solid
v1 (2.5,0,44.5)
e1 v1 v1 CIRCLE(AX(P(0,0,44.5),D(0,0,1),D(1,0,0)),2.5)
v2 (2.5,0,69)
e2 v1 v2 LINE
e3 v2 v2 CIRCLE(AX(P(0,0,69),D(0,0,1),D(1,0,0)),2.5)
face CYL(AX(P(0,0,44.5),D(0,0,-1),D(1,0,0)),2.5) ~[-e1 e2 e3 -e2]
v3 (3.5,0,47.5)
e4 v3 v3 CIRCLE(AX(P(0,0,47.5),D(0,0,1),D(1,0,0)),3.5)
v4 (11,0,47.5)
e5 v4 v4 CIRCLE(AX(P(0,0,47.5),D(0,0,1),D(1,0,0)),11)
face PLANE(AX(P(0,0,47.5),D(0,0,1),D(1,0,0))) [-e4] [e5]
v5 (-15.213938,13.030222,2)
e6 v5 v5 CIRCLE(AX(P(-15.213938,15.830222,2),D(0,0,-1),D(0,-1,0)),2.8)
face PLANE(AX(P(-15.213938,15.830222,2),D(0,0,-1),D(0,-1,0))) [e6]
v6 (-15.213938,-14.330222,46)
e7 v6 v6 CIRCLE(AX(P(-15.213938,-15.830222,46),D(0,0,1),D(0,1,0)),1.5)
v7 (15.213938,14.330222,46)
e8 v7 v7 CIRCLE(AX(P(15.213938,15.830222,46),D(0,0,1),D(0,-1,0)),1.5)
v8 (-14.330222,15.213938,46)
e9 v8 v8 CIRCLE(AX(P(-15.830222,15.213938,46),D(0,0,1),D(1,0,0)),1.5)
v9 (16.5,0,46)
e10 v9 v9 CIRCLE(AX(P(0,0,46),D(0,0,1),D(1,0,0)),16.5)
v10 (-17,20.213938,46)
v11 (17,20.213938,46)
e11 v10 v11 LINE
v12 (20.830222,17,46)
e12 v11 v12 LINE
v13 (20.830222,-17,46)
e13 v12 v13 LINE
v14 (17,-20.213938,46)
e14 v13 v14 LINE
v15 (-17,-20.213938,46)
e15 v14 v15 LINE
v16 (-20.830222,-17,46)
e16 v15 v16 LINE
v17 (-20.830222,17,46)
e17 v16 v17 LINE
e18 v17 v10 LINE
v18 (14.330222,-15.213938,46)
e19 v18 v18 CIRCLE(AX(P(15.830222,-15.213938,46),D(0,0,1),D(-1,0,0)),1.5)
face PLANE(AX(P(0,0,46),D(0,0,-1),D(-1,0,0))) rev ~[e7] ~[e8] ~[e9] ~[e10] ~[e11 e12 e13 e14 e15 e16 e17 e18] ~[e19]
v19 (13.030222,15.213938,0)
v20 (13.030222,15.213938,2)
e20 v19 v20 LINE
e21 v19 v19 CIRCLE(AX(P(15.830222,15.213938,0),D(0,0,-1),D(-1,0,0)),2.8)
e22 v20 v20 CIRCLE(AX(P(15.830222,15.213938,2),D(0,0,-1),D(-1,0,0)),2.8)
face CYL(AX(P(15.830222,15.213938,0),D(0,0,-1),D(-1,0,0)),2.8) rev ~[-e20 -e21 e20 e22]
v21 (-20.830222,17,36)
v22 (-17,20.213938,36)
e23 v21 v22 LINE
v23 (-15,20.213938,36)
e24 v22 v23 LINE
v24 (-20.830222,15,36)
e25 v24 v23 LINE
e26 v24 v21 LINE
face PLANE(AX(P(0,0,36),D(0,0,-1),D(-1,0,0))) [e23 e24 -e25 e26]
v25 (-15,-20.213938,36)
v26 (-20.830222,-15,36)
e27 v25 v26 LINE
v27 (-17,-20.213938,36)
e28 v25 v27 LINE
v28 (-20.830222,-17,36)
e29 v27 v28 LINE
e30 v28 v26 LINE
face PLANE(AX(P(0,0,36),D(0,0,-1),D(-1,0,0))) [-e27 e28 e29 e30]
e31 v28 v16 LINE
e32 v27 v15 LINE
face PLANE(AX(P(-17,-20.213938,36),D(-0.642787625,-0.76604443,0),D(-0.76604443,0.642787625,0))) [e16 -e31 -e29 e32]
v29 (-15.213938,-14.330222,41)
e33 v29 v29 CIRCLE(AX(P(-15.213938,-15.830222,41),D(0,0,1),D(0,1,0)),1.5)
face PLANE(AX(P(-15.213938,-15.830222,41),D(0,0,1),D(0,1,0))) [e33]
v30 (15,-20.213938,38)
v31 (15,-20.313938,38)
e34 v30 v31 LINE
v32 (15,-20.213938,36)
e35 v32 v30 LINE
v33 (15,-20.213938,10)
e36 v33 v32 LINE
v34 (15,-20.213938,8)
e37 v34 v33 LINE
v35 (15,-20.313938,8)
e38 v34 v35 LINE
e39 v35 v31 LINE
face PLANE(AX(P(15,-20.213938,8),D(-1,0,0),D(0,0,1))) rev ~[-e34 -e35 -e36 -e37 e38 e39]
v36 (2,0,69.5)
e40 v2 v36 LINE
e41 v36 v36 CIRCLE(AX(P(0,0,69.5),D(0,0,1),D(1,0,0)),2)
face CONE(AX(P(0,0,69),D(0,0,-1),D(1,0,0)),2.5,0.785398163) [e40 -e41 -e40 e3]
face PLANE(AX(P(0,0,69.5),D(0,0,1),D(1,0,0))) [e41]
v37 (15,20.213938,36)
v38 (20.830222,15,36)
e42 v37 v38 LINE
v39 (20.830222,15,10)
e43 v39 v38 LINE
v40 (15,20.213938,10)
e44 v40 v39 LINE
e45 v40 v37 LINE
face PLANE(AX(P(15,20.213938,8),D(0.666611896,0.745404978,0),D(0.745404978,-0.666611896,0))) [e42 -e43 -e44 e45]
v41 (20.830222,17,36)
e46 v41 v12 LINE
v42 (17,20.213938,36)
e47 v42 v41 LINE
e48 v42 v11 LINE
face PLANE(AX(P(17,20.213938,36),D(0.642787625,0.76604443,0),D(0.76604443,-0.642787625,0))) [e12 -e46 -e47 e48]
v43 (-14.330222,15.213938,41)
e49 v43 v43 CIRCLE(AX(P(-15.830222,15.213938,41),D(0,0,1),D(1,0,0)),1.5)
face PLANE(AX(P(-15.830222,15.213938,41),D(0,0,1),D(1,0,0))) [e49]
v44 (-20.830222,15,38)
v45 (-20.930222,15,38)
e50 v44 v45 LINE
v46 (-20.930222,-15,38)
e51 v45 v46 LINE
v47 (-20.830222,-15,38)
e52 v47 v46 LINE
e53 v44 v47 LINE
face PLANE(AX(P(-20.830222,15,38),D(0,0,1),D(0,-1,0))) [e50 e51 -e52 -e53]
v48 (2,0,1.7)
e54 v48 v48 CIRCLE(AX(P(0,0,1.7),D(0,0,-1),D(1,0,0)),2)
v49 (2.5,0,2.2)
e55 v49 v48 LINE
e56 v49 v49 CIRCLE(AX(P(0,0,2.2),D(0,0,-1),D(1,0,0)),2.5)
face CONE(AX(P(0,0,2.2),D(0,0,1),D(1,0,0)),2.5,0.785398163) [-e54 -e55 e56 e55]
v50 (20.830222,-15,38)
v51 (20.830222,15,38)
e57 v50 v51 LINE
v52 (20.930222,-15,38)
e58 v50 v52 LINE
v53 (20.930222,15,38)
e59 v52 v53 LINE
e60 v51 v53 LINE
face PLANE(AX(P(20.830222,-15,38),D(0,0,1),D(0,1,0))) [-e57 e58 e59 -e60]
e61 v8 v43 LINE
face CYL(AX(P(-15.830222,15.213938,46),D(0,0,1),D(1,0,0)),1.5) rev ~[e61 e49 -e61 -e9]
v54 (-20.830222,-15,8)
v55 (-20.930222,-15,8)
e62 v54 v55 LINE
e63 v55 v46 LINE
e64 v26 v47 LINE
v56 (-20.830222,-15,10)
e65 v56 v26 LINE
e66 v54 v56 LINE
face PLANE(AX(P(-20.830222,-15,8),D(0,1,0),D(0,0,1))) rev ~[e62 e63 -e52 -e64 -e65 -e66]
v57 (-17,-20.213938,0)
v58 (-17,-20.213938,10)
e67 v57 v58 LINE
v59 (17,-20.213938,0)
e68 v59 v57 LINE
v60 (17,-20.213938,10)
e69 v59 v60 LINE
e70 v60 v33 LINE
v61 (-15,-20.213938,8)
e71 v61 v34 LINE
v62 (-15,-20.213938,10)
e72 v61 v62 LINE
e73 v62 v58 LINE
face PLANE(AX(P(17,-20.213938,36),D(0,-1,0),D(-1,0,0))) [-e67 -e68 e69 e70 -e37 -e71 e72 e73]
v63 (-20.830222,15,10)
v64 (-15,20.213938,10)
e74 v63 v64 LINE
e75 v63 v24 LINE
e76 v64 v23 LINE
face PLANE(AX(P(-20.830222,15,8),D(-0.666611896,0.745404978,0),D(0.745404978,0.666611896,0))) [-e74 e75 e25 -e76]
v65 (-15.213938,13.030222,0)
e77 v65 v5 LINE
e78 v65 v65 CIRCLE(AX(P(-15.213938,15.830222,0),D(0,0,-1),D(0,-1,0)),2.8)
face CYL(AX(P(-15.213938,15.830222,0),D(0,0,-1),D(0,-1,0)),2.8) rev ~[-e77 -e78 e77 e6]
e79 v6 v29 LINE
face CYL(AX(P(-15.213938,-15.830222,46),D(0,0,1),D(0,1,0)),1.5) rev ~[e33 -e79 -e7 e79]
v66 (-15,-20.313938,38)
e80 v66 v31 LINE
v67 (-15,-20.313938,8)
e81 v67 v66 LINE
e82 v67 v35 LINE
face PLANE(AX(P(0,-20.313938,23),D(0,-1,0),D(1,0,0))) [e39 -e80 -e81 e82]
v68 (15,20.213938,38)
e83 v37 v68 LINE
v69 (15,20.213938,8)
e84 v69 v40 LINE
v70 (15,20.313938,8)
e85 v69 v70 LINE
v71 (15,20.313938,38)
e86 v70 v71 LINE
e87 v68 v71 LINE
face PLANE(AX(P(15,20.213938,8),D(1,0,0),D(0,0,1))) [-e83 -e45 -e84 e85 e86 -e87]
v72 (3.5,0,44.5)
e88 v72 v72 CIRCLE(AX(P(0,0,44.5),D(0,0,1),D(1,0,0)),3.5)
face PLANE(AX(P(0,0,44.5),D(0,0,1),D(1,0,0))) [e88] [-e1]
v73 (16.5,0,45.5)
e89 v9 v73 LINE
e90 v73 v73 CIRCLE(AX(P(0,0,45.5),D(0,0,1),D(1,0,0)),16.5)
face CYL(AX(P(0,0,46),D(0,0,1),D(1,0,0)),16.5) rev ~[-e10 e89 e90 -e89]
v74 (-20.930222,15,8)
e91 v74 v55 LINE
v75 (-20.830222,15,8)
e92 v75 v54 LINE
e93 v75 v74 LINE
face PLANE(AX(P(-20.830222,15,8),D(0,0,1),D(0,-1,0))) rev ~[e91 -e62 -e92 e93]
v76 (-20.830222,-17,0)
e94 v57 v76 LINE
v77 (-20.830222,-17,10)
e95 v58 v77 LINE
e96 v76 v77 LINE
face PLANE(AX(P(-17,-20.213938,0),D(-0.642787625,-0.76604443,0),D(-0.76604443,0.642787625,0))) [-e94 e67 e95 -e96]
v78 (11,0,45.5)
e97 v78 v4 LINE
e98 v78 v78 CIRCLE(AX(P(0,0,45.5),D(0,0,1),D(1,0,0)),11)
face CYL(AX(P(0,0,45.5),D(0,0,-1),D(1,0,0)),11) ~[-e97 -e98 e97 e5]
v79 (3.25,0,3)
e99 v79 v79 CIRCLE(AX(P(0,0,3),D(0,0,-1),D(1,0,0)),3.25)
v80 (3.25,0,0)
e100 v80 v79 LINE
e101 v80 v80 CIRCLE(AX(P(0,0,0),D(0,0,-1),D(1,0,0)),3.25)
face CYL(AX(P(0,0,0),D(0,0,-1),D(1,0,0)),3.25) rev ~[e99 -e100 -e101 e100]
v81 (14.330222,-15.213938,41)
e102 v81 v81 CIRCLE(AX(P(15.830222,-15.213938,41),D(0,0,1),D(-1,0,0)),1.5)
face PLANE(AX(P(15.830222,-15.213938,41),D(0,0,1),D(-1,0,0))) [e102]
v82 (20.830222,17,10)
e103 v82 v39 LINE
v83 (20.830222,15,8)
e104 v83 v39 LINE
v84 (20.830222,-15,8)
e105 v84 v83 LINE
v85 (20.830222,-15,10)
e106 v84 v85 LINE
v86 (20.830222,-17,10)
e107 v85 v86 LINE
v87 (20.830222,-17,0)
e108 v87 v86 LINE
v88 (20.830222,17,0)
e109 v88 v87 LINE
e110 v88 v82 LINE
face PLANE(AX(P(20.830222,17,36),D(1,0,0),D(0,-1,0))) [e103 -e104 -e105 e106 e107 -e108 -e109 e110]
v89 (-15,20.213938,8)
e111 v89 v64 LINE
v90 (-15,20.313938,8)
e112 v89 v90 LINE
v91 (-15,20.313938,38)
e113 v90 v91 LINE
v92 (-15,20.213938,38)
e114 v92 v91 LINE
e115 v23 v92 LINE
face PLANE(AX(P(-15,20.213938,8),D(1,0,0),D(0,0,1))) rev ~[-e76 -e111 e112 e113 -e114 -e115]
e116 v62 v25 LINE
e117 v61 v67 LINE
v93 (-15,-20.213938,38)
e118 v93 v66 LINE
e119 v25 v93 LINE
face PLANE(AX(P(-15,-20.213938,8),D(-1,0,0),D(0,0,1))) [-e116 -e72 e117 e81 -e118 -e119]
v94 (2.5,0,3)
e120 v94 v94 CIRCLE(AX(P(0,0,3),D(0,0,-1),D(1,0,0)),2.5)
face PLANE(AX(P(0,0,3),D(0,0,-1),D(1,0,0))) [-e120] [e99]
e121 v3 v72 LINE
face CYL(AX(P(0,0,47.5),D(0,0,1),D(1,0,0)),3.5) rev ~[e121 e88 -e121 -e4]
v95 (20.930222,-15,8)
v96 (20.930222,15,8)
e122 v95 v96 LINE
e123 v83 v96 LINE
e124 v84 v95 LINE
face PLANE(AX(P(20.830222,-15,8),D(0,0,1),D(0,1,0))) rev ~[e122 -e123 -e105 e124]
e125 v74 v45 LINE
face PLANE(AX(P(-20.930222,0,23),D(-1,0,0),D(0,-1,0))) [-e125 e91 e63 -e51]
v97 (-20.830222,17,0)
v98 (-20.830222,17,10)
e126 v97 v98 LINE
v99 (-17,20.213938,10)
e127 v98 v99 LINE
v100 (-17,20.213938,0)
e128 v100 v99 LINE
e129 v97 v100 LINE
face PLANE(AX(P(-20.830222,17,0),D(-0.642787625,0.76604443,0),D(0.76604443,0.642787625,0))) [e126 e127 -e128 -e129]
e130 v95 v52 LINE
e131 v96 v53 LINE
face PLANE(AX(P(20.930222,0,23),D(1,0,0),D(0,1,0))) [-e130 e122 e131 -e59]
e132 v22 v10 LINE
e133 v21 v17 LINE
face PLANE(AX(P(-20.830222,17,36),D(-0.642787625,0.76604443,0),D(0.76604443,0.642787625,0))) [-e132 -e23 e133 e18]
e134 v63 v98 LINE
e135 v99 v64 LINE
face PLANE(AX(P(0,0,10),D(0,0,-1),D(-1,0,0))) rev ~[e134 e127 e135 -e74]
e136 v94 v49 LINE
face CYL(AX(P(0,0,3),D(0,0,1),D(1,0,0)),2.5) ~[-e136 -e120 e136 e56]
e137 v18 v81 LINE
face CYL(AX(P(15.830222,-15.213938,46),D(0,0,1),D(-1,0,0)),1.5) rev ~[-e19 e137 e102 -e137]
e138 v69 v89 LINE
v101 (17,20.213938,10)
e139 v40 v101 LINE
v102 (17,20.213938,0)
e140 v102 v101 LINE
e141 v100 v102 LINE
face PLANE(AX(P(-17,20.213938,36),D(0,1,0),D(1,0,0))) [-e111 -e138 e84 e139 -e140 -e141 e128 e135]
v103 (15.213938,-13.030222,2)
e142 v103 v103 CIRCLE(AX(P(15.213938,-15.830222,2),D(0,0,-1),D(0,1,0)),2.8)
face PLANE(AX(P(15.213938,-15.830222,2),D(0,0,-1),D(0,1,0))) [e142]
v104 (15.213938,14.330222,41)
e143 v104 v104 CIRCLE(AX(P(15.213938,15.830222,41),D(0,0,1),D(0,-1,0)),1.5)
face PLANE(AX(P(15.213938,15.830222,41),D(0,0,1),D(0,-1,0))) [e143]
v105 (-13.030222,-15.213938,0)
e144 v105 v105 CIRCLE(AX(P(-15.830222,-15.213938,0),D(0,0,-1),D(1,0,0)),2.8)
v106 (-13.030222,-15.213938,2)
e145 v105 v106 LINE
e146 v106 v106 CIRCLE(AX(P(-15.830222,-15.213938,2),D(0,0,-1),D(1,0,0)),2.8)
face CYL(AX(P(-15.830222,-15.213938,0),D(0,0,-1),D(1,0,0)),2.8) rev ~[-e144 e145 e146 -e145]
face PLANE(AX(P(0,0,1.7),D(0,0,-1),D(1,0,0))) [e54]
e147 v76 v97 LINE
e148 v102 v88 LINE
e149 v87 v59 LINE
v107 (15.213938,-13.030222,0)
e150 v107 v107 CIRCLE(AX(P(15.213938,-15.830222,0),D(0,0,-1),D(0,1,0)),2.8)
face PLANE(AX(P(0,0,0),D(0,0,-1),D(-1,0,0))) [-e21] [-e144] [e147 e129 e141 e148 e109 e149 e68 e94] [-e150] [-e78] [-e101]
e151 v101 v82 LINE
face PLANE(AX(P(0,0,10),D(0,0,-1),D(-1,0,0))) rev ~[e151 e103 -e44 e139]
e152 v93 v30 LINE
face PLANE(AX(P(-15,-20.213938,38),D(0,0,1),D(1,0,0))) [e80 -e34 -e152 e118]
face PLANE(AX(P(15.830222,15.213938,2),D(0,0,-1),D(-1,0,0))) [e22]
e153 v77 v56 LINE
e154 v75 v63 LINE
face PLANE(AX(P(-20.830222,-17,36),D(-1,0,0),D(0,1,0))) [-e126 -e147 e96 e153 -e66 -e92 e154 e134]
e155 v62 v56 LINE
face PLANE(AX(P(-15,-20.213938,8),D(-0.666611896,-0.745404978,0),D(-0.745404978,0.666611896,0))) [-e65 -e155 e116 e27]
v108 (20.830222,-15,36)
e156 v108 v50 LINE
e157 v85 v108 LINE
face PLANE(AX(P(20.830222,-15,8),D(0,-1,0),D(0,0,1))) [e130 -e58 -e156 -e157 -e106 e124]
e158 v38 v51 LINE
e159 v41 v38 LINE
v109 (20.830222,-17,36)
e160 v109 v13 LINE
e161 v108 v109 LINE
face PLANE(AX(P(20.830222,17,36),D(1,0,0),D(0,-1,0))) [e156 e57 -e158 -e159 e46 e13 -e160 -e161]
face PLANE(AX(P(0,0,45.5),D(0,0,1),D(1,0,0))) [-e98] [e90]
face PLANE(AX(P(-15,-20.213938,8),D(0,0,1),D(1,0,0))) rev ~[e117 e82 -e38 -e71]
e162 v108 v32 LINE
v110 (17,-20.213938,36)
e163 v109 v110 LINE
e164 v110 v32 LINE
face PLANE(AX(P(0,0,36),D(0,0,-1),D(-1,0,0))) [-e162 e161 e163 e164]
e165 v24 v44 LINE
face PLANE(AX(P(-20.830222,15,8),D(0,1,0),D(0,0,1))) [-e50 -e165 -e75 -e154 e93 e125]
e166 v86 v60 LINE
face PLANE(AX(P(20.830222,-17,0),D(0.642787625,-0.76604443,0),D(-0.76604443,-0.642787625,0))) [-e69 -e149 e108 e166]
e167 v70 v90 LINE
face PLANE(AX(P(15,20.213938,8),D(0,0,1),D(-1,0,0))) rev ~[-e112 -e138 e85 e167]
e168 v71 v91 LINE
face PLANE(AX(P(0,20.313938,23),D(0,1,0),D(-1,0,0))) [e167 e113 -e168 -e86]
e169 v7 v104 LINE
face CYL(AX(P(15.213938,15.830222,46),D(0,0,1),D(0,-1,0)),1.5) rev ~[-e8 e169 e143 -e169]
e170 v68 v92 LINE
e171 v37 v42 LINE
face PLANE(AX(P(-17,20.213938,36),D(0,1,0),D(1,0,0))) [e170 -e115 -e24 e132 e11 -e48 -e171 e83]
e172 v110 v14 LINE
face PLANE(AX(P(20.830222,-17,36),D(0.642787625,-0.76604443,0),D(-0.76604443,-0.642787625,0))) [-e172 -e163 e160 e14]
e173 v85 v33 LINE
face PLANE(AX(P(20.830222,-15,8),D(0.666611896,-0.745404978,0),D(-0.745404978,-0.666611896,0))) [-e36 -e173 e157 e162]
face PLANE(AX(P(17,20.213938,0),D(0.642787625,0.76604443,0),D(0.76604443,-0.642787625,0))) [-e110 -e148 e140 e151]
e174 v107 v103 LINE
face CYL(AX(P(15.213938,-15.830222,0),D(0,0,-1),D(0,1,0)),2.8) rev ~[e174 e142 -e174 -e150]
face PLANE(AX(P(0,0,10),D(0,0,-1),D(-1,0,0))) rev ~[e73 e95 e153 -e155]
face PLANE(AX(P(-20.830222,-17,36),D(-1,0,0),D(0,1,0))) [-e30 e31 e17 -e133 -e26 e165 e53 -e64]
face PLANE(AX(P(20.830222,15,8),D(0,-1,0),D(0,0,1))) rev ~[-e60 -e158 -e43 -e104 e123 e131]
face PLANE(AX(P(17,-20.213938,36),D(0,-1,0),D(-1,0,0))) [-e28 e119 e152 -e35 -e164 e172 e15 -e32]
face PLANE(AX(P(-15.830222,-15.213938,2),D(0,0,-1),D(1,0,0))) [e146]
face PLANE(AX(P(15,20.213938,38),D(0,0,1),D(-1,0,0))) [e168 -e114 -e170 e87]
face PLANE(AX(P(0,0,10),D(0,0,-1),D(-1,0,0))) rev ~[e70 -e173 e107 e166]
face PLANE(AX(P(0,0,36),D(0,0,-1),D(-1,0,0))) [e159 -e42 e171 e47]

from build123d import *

# Parameters (mm, degrees)
PAD_DEPTH             = 10
POCKET_DEPTH          = 2
PAD001_DEPTH          = 28
PAD002_DEPTH          = 10
SKETCH004_R           = 16.5
POCKET001_DEPTH       = 0.5
SKETCH005_R           = 11
PAD003_DEPTH          = 2
SKETCH006_R           = 3.5
POCKET002_DEPTH       = 3
SKETCH007_R           = 1.5
POCKET003_DEPTH       = 5
POLARPATTERN_COUNT    = 4
SKETCH008_R           = 2.8
POCKET004_DEPTH       = 2
POLARPATTERN001_COUNT = 4
SKETCH009_R           = 3.25
POCKET005_DEPTH       = 3
SKETCH010_R           = 2.5
PAD004_DEPTH          = 1.3
CHAMFER_SIZE          = 0.5
SKETCH011_R           = 2.5
PAD005_DEPTH          = 25
CHAMFER001_SIZE       = 0.5
SKETCH012_W           = 30
SKETCH012_H           = 30
PAD006_DEPTH          = 0.1
POLARPATTERN002_COUNT = 2
SKETCH013_W           = 30
SKETCH013_H           = 30
PAD007_DEPTH          = 0.1
POLARPATTERN003_COUNT = 2


with BuildPart() as part:
    # Sketch → Pad (new body)
    with BuildSketch(Plane.XY):
        Polygon((-17, 20.213938), (17, 20.213938), (20.830222, 17), (20.830222, -17), (17, -20.213938), (-17, -20.213938), (-20.830222, -17), (-20.830222, 17), align=None)
    extrude(amount=PAD_DEPTH)

    # Sketch001 (on Face10 of Pad) → Pocket (cut)
    with BuildSketch(Plane.XY.offset(10)):
        Polygon((-20.830222, 15), (-15, 20.213938), (15, 20.213938), (20.830222, 15), (20.830222, -15), (15, -20.213938), (-15, -20.213938), (-20.830222, -15), align=None)
    extrude(amount=-POCKET_DEPTH, mode=Mode.SUBTRACT)

    # Sketch002 (on Face6 of Pocket) → Pad001 (join)
    with BuildSketch(Plane.XY.offset(8)):
        Polygon((-20.830222, 15), (-15, 20.213938), (15, 20.213938), (20.830222, 15), (20.830222, -15), (15, -20.213938), (-15, -20.213938), (-20.830222, -15), align=None)
    extrude(amount=PAD001_DEPTH)

    # Sketch003 (on Face12 of Pad001) → Pad002 (join)
    with BuildSketch(Plane.XY.offset(36)):
        Polygon((-20.830222, 17), (-17, 20.213938), (17, 20.213938), (20.830222, 17), (20.830222, -17), (17, -20.213938), (-17, -20.213938), (-20.830222, -17), align=None)
    extrude(amount=PAD002_DEPTH)

    # Sketch004 (on Face17 of Pad002) → Pocket001 (cut)
    with BuildSketch(Plane.XY.offset(46)):
        Circle(SKETCH004_R)
    extrude(amount=-POCKET001_DEPTH, mode=Mode.SUBTRACT)

    # Sketch005 (on Face28 of Pocket001) → Pad003 (join)
    with BuildSketch(Plane.XY.offset(45.5)):
        Circle(SKETCH005_R)
    extrude(amount=PAD003_DEPTH)

    # Sketch006 (on Face30 of Pad003) → Pocket002 (cut)
    with BuildSketch(Plane.XY.offset(47.5)):
        Circle(SKETCH006_R)
    extrude(amount=-POCKET002_DEPTH, mode=Mode.SUBTRACT)

    # Sketch007 (on Face14 of Pocket002) → Pocket003 (cut)
    with BuildSketch(Plane.XY.offset(46)):
        with Locations((-15.830222, 15.213938)):
            Circle(SKETCH007_R)
    pocket003 = extrude(amount=-POCKET003_DEPTH, mode=Mode.SUBTRACT)

    # PolarPattern: Pocket003 ×4 about axis
    polarpattern_axis = Axis((0, 0, 46), (0, 0, 1))
    for i in range(1, POLARPATTERN_COUNT):
        add(pocket003.rotate(polarpattern_axis, i * 360 / POLARPATTERN_COUNT), mode=Mode.SUBTRACT)

    # Sketch008 (on Face1 of PolarPattern) → Pocket004 (cut)
    with BuildSketch(Plane(origin=(0, 0, 0), x_dir=(1, 0, 0), z_dir=(0, 0, -1))):
        with Locations((-15.830222, 15.213938)):
            Circle(SKETCH008_R)
    pocket004 = extrude(amount=-POCKET004_DEPTH, mode=Mode.SUBTRACT)

    # PolarPattern001: Pocket004 ×4 about axis
    polarpattern001_axis = Axis((0, 0, 0), (0, 0, -1))
    for i in range(1, POLARPATTERN001_COUNT):
        add(pocket004.rotate(polarpattern001_axis, i * 360 / POLARPATTERN001_COUNT), mode=Mode.SUBTRACT)

    # Sketch009 (on Face1 of PolarPattern001) → Pocket005 (cut)
    with BuildSketch(Plane(origin=(0, 0, 0), x_dir=(1, 0, 0), z_dir=(0, 0, -1))):
        Circle(SKETCH009_R)
    extrude(amount=-POCKET005_DEPTH, mode=Mode.SUBTRACT)

    # Sketch010 (on Face33 of Pocket005) → Pad004 (join)
    with BuildSketch(Plane(origin=(0, 0, 3), x_dir=(1, 0, 0), z_dir=(0, 0, -1))):
        Circle(SKETCH010_R)
    extrude(amount=PAD004_DEPTH)

    # Chamfer
    chamfer_edges = [part.edges().sort_by_distance(p)[0] for p in [
        (-2.5, 0, 1.7),
    ]]
    chamfer(chamfer_edges, length=CHAMFER_SIZE)

    # Sketch011 (on Face53 of Chamfer) → Pad005 (join)
    with BuildSketch(Plane.XY.offset(44.5)):
        Circle(SKETCH011_R)
    extrude(amount=PAD005_DEPTH)

    # Chamfer001
    chamfer001_edges = [part.edges().sort_by_distance(p)[0] for p in [
        (-2.5, 0, 69.5),
    ]]
    chamfer(chamfer001_edges, length=CHAMFER001_SIZE)

    # Sketch012 (on Face16 of Chamfer001) → Pad006 (join)
    with BuildSketch(Plane.XZ.offset(20.213938)):
        with Locations((0, 23)):
            Rectangle(SKETCH012_W, SKETCH012_H)
    pad006 = extrude(amount=PAD006_DEPTH)

    # PolarPattern002: Pad006 ×2 about axis
    polarpattern002_axis = Axis((0, 0, 0), (0, 0, -1))
    for i in range(1, POLARPATTERN002_COUNT):
        add(pad006.rotate(polarpattern002_axis, i * 360 / POLARPATTERN002_COUNT))

    # Sketch013 (on Face17 of PolarPattern002) → Pad007 (join)
    with BuildSketch(Plane.YZ.offset(20.830222)):
        with Locations((0, 23)):
            Rectangle(SKETCH013_W, SKETCH013_H)
    pad007 = extrude(amount=PAD007_DEPTH)

    # PolarPattern003: Pad007 ×2 about axis
    polarpattern003_axis = Axis((0, 0, 0), (0, 0, 1))
    for i in range(1, POLARPATTERN003_COUNT):
        add(pad007.rotate(polarpattern003_axis, i * 360 / POLARPATTERN003_COUNT))


solid = part.part
